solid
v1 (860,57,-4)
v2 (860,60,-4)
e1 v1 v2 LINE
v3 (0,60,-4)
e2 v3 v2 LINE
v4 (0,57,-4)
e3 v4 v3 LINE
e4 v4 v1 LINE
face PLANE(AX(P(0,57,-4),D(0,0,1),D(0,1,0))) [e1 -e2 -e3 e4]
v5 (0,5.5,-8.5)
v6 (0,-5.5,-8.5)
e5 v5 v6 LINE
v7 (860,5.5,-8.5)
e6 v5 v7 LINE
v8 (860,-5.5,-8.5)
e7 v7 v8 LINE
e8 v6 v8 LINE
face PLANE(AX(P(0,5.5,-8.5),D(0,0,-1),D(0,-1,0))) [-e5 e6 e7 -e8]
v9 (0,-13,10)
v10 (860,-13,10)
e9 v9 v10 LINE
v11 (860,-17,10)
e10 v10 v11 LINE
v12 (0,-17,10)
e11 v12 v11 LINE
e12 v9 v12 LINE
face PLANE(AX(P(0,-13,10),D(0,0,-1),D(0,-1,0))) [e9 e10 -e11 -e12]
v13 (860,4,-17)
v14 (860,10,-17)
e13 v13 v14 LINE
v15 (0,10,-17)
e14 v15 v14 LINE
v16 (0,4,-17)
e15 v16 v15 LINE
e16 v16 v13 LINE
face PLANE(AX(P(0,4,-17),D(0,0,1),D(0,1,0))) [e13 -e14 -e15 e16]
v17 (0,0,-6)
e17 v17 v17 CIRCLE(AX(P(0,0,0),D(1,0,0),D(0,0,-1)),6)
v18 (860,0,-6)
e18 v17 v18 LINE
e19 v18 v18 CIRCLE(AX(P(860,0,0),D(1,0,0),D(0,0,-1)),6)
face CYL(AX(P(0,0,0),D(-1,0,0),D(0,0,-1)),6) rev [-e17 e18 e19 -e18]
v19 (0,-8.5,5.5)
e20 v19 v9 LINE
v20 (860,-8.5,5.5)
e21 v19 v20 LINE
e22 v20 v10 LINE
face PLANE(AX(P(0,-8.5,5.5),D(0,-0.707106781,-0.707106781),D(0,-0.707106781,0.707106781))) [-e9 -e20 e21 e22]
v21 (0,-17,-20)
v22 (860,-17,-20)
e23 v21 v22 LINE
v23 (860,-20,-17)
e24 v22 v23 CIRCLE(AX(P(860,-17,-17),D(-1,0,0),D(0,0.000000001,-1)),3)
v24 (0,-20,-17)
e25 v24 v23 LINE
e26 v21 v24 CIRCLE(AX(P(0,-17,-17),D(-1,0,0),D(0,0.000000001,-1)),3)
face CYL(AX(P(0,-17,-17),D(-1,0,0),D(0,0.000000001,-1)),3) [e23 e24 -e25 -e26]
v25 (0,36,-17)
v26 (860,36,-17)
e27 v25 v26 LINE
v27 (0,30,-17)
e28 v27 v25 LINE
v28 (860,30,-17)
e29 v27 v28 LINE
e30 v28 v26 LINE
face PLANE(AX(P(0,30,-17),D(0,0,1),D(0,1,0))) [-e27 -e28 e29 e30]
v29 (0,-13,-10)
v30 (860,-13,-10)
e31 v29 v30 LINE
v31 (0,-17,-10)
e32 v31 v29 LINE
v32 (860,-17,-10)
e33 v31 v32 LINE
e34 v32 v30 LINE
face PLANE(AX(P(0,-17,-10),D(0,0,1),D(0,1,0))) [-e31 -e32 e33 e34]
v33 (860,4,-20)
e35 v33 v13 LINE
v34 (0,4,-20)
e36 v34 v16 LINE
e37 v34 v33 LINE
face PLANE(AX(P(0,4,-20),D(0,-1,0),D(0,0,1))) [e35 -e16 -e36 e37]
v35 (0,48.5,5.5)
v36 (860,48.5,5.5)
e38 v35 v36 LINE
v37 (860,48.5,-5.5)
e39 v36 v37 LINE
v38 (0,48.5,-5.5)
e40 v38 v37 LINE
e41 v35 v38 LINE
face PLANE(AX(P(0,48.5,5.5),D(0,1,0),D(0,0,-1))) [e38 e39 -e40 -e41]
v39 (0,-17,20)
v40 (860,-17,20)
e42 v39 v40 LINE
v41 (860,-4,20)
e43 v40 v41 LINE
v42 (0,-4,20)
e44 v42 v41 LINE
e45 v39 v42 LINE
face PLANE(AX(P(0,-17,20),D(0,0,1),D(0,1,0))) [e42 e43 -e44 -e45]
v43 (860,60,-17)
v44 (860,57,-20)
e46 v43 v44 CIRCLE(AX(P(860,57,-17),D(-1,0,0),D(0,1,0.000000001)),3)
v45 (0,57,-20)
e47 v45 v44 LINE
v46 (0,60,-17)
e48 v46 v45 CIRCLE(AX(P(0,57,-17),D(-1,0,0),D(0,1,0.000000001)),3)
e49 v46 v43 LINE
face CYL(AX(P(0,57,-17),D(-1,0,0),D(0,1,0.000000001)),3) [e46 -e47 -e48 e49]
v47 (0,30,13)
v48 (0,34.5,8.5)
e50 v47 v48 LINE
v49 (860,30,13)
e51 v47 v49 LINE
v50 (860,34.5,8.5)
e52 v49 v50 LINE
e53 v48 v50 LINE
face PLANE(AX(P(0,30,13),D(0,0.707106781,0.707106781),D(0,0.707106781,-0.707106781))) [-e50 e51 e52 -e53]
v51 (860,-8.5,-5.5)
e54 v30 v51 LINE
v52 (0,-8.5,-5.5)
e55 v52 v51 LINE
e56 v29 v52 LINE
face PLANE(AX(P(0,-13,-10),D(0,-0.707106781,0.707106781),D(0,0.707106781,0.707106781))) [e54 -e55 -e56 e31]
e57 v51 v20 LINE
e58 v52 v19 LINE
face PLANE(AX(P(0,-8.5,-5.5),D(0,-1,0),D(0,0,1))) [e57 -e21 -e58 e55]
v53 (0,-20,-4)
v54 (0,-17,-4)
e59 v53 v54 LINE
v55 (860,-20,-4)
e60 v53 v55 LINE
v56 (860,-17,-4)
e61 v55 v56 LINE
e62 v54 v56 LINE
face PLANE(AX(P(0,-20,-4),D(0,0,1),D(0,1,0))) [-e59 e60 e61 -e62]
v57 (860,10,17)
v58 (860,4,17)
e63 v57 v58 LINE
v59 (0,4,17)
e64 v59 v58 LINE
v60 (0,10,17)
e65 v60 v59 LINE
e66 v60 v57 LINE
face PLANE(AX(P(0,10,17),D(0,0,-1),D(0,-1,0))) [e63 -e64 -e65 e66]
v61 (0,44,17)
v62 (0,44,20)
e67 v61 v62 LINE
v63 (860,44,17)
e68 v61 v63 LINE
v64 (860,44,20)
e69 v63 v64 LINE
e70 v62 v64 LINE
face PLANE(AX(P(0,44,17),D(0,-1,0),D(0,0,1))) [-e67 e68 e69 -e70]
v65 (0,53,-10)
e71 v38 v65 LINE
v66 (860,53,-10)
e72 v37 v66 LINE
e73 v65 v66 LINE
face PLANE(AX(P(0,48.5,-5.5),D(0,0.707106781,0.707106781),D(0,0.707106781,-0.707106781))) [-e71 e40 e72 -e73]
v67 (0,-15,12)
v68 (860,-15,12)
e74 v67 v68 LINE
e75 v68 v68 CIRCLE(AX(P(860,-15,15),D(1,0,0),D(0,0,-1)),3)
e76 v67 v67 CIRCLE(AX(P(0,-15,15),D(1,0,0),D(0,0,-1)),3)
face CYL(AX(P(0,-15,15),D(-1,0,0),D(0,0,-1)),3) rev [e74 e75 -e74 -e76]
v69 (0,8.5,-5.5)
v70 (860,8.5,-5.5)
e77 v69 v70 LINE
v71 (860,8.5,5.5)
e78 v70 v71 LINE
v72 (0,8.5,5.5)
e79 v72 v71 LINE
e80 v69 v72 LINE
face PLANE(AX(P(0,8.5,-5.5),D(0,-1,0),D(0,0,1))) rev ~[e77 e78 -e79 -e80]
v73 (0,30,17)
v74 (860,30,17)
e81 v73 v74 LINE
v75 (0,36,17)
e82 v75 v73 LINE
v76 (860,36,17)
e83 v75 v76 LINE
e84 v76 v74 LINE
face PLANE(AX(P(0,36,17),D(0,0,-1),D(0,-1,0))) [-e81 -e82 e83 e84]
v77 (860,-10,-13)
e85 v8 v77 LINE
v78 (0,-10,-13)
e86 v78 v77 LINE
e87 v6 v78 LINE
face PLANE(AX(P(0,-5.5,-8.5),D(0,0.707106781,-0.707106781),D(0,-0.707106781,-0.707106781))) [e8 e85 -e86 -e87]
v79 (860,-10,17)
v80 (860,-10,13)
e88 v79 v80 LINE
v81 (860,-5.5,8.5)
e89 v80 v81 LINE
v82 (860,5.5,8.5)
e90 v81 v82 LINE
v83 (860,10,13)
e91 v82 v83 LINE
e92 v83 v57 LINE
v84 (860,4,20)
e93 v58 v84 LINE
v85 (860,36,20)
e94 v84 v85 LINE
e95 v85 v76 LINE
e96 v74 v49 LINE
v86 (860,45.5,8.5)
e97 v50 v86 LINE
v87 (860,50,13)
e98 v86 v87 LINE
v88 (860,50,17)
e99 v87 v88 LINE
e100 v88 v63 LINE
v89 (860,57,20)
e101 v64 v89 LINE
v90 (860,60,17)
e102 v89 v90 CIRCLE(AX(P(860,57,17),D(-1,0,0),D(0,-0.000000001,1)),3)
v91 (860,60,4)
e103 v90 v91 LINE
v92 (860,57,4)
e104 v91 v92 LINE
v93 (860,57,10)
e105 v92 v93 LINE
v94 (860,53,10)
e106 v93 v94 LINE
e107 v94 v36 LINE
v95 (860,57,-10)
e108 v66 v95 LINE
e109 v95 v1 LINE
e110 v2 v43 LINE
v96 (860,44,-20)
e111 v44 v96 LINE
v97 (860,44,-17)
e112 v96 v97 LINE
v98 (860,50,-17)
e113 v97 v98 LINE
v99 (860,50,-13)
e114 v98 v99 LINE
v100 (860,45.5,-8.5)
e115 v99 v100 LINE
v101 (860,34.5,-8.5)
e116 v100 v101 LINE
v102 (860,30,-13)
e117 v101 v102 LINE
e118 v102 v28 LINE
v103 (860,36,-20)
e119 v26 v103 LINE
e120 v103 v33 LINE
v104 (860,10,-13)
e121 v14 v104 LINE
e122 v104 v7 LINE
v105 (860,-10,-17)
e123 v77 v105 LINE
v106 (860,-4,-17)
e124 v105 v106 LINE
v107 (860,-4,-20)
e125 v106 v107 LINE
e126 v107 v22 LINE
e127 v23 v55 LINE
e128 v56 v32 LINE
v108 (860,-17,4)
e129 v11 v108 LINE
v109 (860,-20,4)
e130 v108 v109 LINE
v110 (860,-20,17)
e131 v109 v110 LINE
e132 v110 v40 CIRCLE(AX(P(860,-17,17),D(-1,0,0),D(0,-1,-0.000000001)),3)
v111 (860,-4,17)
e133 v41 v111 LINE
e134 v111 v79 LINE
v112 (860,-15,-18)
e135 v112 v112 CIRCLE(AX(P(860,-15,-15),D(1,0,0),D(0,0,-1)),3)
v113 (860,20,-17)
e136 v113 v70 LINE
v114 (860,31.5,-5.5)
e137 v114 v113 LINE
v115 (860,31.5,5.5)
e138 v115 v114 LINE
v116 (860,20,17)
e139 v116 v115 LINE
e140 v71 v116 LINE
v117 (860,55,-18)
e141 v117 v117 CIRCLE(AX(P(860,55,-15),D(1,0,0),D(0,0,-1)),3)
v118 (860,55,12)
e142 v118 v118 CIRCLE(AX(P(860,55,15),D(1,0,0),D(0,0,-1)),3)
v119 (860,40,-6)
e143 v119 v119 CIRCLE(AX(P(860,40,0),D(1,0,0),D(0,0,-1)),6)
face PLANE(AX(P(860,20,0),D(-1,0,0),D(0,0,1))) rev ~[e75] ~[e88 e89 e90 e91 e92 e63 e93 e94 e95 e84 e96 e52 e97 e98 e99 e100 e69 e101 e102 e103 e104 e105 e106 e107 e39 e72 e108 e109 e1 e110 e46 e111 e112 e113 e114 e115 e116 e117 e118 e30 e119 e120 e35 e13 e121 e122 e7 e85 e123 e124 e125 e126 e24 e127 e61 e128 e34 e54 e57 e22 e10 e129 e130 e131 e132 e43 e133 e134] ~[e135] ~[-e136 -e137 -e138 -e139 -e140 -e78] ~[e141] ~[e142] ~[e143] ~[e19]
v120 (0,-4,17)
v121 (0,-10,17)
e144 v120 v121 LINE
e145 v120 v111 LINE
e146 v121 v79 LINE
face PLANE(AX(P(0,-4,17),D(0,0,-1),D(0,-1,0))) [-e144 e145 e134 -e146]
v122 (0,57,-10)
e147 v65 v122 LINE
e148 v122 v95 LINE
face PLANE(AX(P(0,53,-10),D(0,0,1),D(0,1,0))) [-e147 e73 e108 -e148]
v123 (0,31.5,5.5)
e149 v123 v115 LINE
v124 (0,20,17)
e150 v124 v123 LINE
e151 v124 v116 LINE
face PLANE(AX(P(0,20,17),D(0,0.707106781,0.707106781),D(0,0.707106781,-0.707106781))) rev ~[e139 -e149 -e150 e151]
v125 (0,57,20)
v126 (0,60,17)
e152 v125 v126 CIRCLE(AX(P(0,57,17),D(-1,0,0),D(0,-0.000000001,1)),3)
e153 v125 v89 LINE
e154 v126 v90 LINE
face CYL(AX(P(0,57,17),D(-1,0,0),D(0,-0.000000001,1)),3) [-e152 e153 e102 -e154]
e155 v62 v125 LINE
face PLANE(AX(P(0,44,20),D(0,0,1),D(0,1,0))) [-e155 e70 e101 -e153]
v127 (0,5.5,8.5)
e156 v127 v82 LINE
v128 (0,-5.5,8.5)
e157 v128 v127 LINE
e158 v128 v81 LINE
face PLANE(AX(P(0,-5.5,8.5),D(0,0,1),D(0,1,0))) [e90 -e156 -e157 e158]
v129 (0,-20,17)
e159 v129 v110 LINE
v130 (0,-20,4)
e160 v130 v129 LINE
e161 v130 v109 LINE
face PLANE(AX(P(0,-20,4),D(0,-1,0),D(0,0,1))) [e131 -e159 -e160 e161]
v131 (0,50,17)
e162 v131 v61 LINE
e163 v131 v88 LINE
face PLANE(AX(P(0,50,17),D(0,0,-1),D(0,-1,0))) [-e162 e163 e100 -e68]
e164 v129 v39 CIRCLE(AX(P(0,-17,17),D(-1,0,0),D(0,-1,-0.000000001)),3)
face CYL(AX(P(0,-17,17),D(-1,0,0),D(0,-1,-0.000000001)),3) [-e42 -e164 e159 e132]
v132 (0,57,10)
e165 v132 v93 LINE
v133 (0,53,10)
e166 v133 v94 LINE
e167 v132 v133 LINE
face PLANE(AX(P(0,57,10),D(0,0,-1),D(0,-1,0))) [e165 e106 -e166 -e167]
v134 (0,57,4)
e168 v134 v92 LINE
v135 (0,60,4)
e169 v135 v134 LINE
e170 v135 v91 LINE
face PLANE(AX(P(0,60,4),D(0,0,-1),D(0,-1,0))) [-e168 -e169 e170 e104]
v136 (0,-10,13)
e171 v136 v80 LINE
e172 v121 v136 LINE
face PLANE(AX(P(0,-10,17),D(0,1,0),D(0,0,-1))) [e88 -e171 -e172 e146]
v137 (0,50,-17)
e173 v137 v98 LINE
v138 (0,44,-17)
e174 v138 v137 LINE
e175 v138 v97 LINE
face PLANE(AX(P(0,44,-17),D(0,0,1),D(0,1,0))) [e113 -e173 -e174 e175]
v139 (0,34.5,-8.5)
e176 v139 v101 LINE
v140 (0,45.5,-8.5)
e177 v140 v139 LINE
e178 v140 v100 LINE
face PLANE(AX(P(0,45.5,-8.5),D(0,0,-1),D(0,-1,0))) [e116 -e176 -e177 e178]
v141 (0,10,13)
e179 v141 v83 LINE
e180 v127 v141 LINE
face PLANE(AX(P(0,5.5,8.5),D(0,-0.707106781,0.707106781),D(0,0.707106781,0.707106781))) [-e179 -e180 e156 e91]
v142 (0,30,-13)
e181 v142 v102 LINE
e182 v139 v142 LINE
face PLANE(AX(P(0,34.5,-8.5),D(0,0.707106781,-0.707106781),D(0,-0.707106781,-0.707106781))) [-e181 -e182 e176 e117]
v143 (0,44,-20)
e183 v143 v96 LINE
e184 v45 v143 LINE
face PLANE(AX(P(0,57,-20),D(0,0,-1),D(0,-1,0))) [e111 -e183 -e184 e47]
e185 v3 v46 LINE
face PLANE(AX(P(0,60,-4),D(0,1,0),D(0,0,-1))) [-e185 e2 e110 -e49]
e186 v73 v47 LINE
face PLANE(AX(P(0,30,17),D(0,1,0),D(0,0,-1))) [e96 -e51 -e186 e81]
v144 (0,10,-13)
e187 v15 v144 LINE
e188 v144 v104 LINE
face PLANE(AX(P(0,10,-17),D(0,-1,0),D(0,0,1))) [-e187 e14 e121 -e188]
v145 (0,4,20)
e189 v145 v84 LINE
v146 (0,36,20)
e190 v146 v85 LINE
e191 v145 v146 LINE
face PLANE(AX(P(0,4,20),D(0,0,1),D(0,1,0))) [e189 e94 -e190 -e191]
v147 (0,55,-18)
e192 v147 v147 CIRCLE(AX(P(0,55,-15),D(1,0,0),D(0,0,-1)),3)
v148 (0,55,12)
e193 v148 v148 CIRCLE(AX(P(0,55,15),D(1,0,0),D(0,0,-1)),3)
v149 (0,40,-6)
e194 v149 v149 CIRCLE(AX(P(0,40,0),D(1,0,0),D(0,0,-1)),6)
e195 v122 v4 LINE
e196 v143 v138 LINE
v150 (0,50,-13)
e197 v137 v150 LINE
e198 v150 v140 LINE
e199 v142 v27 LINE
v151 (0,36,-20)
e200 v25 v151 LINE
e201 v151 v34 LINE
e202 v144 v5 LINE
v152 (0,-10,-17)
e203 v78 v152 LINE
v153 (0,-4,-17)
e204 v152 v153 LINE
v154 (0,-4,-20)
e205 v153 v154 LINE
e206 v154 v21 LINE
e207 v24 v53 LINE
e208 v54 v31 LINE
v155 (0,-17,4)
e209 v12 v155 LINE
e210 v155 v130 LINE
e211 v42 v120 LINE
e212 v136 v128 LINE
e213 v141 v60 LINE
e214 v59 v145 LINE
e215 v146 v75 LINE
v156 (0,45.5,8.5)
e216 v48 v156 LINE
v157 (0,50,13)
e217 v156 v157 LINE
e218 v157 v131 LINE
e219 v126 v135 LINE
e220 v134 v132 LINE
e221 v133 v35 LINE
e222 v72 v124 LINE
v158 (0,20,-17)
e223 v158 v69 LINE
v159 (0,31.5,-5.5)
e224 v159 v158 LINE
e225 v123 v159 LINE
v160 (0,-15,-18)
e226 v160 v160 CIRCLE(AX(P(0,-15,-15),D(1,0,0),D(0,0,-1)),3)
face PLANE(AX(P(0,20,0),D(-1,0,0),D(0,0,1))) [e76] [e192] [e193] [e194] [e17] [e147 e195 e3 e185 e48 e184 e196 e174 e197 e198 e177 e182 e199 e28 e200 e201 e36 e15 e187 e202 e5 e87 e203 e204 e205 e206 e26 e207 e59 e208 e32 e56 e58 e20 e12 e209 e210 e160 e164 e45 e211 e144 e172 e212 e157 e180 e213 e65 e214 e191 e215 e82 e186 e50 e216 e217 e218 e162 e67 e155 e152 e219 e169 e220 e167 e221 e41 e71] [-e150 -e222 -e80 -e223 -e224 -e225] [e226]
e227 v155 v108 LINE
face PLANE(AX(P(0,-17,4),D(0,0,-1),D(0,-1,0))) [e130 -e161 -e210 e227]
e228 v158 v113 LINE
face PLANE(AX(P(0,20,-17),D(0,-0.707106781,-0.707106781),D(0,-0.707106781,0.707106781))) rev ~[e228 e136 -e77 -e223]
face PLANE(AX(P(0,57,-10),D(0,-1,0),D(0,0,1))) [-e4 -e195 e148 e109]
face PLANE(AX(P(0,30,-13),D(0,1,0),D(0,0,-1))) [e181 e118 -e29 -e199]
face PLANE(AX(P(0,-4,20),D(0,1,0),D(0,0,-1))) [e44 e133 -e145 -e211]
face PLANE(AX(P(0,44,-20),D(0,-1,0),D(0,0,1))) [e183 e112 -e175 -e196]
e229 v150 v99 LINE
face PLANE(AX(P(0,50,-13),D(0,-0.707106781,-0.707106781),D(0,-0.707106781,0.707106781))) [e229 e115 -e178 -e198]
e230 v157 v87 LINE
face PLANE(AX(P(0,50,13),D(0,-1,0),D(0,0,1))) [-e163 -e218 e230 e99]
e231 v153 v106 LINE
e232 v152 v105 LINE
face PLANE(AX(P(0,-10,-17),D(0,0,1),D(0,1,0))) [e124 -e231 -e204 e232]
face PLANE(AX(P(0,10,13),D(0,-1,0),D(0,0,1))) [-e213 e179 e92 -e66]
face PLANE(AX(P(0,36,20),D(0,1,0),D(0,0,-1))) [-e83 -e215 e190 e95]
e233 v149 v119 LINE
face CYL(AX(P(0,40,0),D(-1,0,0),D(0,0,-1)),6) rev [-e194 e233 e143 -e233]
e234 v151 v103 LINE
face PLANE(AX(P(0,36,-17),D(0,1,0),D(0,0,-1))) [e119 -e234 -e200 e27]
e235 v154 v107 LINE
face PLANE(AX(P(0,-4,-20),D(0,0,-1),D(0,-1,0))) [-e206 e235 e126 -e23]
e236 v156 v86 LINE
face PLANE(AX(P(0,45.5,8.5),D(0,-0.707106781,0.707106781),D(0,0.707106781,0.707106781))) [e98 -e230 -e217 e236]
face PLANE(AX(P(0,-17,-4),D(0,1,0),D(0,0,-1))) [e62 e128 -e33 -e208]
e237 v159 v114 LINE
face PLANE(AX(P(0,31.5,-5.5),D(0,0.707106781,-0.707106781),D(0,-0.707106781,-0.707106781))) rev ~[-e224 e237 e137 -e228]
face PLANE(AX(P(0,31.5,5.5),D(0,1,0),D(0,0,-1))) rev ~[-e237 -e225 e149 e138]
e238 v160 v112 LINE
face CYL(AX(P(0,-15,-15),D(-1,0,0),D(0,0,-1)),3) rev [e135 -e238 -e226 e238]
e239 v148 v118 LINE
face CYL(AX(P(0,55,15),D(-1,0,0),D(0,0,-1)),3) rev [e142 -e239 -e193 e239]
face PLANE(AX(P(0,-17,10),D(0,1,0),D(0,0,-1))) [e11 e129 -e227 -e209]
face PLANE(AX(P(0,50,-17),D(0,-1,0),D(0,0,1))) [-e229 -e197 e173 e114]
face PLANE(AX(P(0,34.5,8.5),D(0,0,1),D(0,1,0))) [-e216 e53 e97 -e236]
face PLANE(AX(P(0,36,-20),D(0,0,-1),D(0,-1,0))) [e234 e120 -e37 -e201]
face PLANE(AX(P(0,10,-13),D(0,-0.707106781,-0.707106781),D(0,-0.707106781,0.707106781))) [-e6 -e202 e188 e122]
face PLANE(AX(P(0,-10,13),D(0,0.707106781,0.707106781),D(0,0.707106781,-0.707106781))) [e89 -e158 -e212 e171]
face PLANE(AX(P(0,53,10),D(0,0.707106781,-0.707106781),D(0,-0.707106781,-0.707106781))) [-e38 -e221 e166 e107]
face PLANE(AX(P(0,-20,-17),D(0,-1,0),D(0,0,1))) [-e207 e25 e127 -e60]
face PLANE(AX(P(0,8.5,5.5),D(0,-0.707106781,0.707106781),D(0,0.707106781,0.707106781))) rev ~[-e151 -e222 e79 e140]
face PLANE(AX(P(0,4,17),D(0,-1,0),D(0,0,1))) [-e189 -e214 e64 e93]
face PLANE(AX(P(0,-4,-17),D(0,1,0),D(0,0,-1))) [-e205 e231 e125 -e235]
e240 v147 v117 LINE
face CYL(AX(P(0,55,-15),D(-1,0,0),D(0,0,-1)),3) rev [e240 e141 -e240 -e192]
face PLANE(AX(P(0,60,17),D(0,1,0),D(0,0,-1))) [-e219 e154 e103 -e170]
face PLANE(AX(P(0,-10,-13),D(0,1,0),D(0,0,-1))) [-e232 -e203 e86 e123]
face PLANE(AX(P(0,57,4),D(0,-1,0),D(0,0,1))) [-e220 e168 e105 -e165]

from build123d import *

# Parameters (mm, degrees)
SKETCH1_R           = 6
SKETCH1_R_2         = 3
BOSS_EXTRUDE1_DEPTH = 860


with BuildPart() as part:
    # Sketch1 → Boss-Extrude1 (new body)
    with BuildSketch(Plane(origin=(0, 0, 0), x_dir=(0, 0, -1), z_dir=(1, 0, 0))):
        with BuildLine():
            Line((-20, -4), (-17, -4))
            Line((-17, -4), (-17, -10))
            Line((-17, -10), (-13, -10))
            Line((-13, -10), (-8.5, -5.5))
            Line((-8.5, -5.5), (-8.5, 5.5))
            Line((-8.5, 5.5), (-13, 10))
            Line((-13, 10), (-17, 10))
            Line((-17, 10), (-17, 4))
            Line((-17, 4), (-20, 4))
            Line((-20, 4), (-20, 36))
            Line((-20, 36), (-17, 36))
            Line((-17, 36), (-17, 30))
            Line((-17, 30), (-13, 30))
            Line((-13, 30), (-8.5, 34.5))
            Line((-8.5, 34.5), (-8.5, 45.5))
            Line((-8.5, 45.5), (-13, 50))
            Line((-13, 50), (-17, 50))
            Line((-17, 50), (-17, 44))
            Line((-17, 44), (-20, 44))
            Line((-20, 44), (-20, 57))
            ThreePointArc((-20, 57), (-19.121320344, 59.121320344), (-17, 60))
            Line((-17, 60), (-4, 60))
            Line((-4, 60), (-4, 57))
            Line((-4, 57), (-10, 57))
            Line((-10, 57), (-10, 53))
            Line((-10, 53), (-5.5, 48.5))
            Line((-5.5, 48.5), (5.5, 48.5))
            Line((5.5, 48.5), (10, 53))
            Line((10, 53), (10, 57))
            Line((10, 57), (4, 57))
            Line((4, 57), (4, 60))
            Line((4, 60), (17, 60))
            ThreePointArc((17, 60), (19.121320344, 59.121320344), (20, 57))
            Line((20, 57), (20, 44))
            Line((20, 44), (17, 44))
            Line((17, 44), (17, 50))
            Line((17, 50), (13, 50))
            Line((13, 50), (8.5, 45.5))
            Line((8.5, 45.5), (8.5, 34.5))
            Line((8.5, 34.5), (13, 30))
            Line((13, 30), (17, 30))
            Line((17, 30), (17, 36))
            Line((17, 36), (20, 36))
            Line((20, 36), (20, 20))
            Line((20, 20), (20, 4))
            Line((20, 4), (17, 4))
            Line((17, 4), (17, 10))
            Line((17, 10), (13, 10))
            Line((13, 10), (8.5, 5.5))
            Line((8.5, 5.5), (8.5, -5.5))
            Line((8.5, -5.5), (13, -10))
            Line((13, -10), (17, -10))
            Line((17, -10), (17, -4))
            Line((17, -4), (20, -4))
            Line((20, -4), (20, -17))
            ThreePointArc((20, -17), (19.121320344, -19.121320344), (17, -20))
            Line((17, -20), (4, -20))
            Line((4, -20), (4, -17))
            Line((4, -17), (10, -17))
            Line((10, -17), (10, -13))
            Line((10, -13), (5.5, -8.5))
            Line((5.5, -8.5), (-5.5, -8.5))
            Line((-5.5, -8.5), (-10, -13))
            Line((-10, -13), (-10, -17))
            Line((-10, -17), (-4, -17))
            Line((-4, -17), (-4, -20))
            Line((-4, -20), (-17, -20))
            ThreePointArc((-17, -20), (-19.121320344, -19.121320344), (-20, -17))
            Line((-20, -17), (-20, -4))
        make_face()
        Circle(SKETCH1_R, mode=Mode.SUBTRACT)
        with Locations((-15, -15)):
            Circle(SKETCH1_R_2, mode=Mode.SUBTRACT)
        with Locations((15, 55)):
            Circle(SKETCH1_R_2, mode=Mode.SUBTRACT)
        with Locations((-15, 55)):
            Circle(SKETCH1_R_2, mode=Mode.SUBTRACT)
        with Locations((15, -15)):
            Circle(SKETCH1_R_2, mode=Mode.SUBTRACT)
        with Locations((0, 40)):
            Circle(SKETCH1_R, mode=Mode.SUBTRACT)
        Polygon((-5.5, 8.5), (-17, 20), (-5.5, 31.5), (5.5, 31.5), (17, 20), (5.5, 8.5), align=None, mode=Mode.SUBTRACT)
    extrude(amount=BOSS_EXTRUDE1_DEPTH)


solid = part.part
